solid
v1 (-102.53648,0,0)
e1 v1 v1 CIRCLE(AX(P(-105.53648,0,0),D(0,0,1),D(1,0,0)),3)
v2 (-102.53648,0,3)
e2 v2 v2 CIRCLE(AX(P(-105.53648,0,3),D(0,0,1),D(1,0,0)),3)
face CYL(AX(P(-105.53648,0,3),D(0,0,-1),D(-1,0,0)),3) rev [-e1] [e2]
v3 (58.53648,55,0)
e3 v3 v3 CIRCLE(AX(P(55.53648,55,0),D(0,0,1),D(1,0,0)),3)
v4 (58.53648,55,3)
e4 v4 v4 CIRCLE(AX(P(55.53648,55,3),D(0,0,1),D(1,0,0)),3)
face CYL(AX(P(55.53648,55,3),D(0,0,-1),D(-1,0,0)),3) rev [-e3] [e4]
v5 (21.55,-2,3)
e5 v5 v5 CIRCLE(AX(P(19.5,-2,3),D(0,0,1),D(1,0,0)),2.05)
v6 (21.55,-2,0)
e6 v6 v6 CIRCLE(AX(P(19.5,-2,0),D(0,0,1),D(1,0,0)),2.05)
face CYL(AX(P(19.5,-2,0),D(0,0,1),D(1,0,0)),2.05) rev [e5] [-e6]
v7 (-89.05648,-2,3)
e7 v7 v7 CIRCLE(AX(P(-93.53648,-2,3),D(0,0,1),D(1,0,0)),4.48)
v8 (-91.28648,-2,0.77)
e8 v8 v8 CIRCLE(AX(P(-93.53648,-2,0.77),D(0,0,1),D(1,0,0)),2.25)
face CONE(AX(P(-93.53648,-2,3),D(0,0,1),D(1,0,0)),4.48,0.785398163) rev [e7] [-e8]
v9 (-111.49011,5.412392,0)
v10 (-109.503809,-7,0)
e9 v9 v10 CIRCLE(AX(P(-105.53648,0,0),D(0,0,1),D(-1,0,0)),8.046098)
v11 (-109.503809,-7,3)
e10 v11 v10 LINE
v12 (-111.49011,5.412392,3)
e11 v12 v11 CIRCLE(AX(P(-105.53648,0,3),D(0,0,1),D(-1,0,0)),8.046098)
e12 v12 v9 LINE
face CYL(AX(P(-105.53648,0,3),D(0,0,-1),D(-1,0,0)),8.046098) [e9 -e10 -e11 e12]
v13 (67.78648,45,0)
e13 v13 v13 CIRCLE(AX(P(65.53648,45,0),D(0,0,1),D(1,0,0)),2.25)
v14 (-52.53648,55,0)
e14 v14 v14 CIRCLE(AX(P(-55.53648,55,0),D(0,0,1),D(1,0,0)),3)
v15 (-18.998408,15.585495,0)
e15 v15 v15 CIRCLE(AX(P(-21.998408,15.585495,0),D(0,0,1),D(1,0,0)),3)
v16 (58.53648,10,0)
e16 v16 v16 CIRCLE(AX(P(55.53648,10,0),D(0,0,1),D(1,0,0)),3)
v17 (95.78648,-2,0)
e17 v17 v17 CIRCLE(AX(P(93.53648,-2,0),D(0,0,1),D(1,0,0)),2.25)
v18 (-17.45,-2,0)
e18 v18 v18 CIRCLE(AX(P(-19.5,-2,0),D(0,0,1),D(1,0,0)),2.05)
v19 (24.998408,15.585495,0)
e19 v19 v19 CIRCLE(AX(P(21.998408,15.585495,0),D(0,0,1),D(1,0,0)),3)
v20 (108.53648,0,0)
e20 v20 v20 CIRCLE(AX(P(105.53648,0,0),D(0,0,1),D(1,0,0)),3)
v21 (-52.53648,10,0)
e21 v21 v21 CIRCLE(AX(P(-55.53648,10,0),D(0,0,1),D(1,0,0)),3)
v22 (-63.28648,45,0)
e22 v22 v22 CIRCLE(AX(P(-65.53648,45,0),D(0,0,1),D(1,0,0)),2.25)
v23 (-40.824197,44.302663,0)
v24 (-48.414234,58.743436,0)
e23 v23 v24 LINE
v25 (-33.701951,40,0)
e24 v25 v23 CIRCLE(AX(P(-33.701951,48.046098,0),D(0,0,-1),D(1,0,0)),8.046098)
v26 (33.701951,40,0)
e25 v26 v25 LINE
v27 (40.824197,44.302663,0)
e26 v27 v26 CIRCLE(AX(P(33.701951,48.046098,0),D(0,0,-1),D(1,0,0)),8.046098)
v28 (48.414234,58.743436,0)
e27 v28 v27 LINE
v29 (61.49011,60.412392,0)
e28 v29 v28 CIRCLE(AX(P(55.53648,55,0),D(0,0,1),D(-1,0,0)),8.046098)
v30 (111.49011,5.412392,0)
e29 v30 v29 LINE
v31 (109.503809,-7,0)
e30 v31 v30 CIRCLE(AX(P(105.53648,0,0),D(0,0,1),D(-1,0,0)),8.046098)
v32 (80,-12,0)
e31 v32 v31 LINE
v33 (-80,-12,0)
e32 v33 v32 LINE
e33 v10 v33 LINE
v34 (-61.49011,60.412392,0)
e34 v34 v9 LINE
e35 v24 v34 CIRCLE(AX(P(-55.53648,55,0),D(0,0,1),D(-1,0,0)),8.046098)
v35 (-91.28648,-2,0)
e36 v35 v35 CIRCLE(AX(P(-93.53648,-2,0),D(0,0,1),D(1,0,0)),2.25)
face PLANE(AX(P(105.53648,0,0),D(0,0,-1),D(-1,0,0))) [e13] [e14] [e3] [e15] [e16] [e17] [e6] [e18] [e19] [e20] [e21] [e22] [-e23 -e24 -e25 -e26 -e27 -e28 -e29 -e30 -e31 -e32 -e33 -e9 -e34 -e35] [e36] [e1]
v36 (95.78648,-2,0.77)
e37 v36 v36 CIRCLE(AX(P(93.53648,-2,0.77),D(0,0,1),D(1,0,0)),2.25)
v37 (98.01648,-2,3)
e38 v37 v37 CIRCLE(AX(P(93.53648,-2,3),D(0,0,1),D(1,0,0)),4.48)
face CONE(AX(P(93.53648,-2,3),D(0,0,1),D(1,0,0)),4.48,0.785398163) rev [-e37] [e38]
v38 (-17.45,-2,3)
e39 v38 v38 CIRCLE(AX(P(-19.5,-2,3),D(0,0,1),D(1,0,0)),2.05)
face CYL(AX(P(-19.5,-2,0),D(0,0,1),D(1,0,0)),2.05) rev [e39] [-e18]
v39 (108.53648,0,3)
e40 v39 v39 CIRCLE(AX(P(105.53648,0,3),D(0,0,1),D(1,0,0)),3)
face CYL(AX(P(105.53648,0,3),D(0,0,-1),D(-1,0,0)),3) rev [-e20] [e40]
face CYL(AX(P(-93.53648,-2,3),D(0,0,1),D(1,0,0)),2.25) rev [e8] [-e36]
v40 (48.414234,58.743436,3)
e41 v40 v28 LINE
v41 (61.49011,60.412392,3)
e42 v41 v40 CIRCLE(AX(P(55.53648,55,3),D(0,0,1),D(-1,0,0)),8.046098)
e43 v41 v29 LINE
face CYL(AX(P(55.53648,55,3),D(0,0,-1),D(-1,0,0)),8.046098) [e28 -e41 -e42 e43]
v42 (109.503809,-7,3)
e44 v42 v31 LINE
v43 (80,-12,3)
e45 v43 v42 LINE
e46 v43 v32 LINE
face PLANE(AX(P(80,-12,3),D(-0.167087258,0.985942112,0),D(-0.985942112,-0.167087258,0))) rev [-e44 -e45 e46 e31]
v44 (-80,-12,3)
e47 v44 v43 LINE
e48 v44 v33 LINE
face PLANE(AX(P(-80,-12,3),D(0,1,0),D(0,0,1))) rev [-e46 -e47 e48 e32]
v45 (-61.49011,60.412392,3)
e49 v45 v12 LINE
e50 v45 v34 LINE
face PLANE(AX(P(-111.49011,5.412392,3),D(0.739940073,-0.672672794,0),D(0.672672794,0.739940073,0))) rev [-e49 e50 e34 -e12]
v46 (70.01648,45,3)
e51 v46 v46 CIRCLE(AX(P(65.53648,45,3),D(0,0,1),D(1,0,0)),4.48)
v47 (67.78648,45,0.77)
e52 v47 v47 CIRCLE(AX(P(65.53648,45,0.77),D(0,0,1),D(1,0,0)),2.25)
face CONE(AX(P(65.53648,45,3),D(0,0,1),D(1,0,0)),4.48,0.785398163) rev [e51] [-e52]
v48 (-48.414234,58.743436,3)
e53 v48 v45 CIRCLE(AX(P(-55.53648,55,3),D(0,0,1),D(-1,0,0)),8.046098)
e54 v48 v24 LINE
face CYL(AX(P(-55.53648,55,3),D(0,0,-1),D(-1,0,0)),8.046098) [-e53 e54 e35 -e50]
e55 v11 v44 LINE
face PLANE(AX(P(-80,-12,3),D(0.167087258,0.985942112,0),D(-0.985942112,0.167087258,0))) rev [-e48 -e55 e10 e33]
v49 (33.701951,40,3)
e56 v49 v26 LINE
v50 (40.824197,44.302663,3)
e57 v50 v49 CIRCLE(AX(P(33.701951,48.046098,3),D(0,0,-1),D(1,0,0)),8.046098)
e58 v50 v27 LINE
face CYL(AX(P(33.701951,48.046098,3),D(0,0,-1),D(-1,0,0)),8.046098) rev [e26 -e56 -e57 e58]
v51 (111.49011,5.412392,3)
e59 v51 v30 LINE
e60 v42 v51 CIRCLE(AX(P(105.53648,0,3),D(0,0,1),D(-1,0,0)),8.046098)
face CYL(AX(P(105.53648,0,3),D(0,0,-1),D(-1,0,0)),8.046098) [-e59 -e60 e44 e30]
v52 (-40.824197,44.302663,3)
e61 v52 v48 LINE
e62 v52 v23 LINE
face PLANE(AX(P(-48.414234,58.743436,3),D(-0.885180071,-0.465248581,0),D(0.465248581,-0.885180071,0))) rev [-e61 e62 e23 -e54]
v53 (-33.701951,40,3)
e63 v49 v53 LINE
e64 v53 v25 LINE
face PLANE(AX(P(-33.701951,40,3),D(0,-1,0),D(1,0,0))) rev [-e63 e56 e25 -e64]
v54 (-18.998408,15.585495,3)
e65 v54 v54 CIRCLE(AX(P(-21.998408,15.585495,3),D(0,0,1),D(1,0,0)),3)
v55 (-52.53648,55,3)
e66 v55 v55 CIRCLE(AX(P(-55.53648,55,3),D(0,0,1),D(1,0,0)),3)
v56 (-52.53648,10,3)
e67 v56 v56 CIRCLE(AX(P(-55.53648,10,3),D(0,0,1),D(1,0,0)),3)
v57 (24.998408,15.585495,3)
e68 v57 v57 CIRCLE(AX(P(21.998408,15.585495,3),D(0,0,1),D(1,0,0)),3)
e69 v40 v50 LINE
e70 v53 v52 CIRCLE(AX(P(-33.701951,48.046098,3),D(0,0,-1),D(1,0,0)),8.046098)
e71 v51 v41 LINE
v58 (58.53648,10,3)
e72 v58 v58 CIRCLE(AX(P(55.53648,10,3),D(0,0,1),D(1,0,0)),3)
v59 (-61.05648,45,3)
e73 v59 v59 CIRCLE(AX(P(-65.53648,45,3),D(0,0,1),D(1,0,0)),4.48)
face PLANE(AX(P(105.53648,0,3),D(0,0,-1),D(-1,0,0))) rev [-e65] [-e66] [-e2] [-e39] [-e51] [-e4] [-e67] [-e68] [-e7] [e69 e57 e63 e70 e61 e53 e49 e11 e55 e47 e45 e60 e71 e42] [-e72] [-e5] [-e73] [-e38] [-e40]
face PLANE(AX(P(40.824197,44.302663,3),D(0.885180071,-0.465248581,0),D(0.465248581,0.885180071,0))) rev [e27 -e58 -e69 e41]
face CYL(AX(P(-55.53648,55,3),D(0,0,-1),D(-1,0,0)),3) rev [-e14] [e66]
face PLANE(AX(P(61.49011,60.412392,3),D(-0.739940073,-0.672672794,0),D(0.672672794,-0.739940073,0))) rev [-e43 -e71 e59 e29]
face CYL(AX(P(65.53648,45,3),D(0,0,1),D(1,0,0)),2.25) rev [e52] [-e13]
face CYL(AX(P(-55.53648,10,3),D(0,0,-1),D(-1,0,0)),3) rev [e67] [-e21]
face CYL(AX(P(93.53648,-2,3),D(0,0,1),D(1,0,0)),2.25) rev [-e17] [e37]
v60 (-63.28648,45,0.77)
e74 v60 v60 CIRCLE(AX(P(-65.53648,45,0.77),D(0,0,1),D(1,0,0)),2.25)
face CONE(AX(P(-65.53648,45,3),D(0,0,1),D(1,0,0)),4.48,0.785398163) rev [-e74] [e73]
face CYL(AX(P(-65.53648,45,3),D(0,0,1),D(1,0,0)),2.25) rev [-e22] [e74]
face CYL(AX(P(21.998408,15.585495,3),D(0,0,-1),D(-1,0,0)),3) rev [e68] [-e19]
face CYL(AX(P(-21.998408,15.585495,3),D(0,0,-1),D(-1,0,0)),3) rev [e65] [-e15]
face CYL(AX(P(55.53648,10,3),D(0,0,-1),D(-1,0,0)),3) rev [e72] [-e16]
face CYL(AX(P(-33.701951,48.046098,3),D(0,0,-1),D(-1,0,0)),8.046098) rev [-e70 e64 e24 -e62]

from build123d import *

# Parameters (mm, degrees)
PLATE_DEPTH                  = 3
SKETCH4_R                    = 3
PIVOT_HOLES_ARM_DEPTH        = 4
SKETCH5_R                    = 2.05
CHASSIS_HOLES_DEPTH          = 4
CSK_FOR_M4_SFHCS1_AT_2_COUNT = 2
CSK_FOR_M4_SFHCS1_AT_2_PITCH = 54.708317466
CSK_FOR_M4_SFHCS1_AT_3_COUNT = 2
CSK_FOR_M4_SFHCS1_AT_3_PITCH = 165.871053731
CSK_FOR_M4_SFHCS1_AT_4_COUNT = 2
CSK_FOR_M4_SFHCS1_AT_4_PITCH = 187.072959568


with BuildPart() as part:
    # Sketch2 → Plate (new body)
    with BuildSketch(Plane.XY):
        with BuildLine():
            Line((-80, -12), (80, -12))
            Line((80, -12), (109.503808991, -7))
            ThreePointArc((109.503808991, -7), (113.481492527, -1.271406135), (111.490110497, 5.412391557))
            Line((111.490110497, 5.412391557), (61.490110497, 60.412391557))
            ThreePointArc((61.490110497, 60.412391557), (54.517770463, 62.981349031), (48.414233747, 58.743435912))
            Line((48.414233747, 58.743435912), (40.824196955, 44.302662586))
            ThreePointArc((40.824196955, 44.302662586), (37.862458518, 41.159163218), (33.701950918, 40))
            Line((33.701950918, 40), (-33.701950918, 40))
            ThreePointArc((-33.701950918, 40), (-37.862458518, 41.159163218), (-40.824196955, 44.302662586))
            Line((-40.824196955, 44.302662586), (-48.414233747, 58.743435912))
            ThreePointArc((-48.414233747, 58.743435912), (-54.517770463, 62.981349031), (-61.490110497, 60.412391557))
            Line((-61.490110497, 60.412391557), (-111.490110497, 5.412391557))
            ThreePointArc((-111.490110497, 5.412391557), (-113.481492527, -1.271406135), (-109.503808991, -7))
            Line((-109.503808991, -7), (-80, -12))
        make_face()
    extrude(amount=PLATE_DEPTH)

    # Sketch4 → Pivot holes (arm) (cut, through all)
    with BuildSketch(Plane.XY):
        with Locations((105.536479784, 0)):
            Circle(SKETCH4_R)
        with Locations((55.536479784, 10)):
            Circle(SKETCH4_R)
        with Locations((55.536479784, 55)):
            Circle(SKETCH4_R)
        with Locations((-105.536479784, 0)):
            Circle(SKETCH4_R)
        with Locations((-55.536479784, 10)):
            Circle(SKETCH4_R)
        with Locations((-55.536479784, 55)):
            Circle(SKETCH4_R)
        with Locations((-21.998408138, 15.585494631)):
            Circle(SKETCH4_R)
        with Locations((21.998408138, 15.585494631)):
            Circle(SKETCH4_R)
    extrude(amount=PIVOT_HOLES_ARM_DEPTH, mode=Mode.SUBTRACT)

    # Sketch5 → Chassis holes (cut, through all)
    with BuildSketch(Plane.XY.offset(3)):
        with Locations((-19.5, -2)):
            Circle(SKETCH5_R)
        with Locations((19.5, -2)):
            Circle(SKETCH5_R)
    extrude(amount=-CHASSIS_HOLES_DEPTH, mode=Mode.SUBTRACT)

    # Sketch7 → CSK for M4 SFHCS1 (revolve, cut)
    with BuildSketch(Plane(origin=(93.536479784, -2, 3), x_dir=(0, -1, 0), z_dir=(1, 0, 0))):
        Polygon((0, 0), (0, 3), (2.25, 3), (2.25, 2.23), (4.48, 0), align=None)
    csk_for_m4_sfhcs1 = revolve(axis=Axis((93.536479784, -2, 9.35), (0, 0, -1)), mode=Mode.SUBTRACT)

    # CSK for M4 SFHCS1 at 2: CSK for M4 SFHCS1 ×2
    with Locations(*[Vector(-0.511805175, 0.859101544, 0) * (i * CSK_FOR_M4_SFHCS1_AT_2_PITCH) for i in range(1, CSK_FOR_M4_SFHCS1_AT_2_COUNT)]):
        add(csk_for_m4_sfhcs1, mode=Mode.SUBTRACT)

    # CSK for M4 SFHCS1 at 3: CSK for M4 SFHCS1 ×2
    with Locations(*[Vector(-0.95901579, 0.283352634, 0) * (i * CSK_FOR_M4_SFHCS1_AT_3_PITCH) for i in range(1, CSK_FOR_M4_SFHCS1_AT_3_COUNT)]):
        add(csk_for_m4_sfhcs1, mode=Mode.SUBTRACT)

    # CSK for M4 SFHCS1 at 4: CSK for M4 SFHCS1 ×2
    with Locations(*[(-i * CSK_FOR_M4_SFHCS1_AT_4_PITCH, 0, 0) for i in range(1, CSK_FOR_M4_SFHCS1_AT_4_COUNT)]):
        add(csk_for_m4_sfhcs1, mode=Mode.SUBTRACT)


solid = part.part
